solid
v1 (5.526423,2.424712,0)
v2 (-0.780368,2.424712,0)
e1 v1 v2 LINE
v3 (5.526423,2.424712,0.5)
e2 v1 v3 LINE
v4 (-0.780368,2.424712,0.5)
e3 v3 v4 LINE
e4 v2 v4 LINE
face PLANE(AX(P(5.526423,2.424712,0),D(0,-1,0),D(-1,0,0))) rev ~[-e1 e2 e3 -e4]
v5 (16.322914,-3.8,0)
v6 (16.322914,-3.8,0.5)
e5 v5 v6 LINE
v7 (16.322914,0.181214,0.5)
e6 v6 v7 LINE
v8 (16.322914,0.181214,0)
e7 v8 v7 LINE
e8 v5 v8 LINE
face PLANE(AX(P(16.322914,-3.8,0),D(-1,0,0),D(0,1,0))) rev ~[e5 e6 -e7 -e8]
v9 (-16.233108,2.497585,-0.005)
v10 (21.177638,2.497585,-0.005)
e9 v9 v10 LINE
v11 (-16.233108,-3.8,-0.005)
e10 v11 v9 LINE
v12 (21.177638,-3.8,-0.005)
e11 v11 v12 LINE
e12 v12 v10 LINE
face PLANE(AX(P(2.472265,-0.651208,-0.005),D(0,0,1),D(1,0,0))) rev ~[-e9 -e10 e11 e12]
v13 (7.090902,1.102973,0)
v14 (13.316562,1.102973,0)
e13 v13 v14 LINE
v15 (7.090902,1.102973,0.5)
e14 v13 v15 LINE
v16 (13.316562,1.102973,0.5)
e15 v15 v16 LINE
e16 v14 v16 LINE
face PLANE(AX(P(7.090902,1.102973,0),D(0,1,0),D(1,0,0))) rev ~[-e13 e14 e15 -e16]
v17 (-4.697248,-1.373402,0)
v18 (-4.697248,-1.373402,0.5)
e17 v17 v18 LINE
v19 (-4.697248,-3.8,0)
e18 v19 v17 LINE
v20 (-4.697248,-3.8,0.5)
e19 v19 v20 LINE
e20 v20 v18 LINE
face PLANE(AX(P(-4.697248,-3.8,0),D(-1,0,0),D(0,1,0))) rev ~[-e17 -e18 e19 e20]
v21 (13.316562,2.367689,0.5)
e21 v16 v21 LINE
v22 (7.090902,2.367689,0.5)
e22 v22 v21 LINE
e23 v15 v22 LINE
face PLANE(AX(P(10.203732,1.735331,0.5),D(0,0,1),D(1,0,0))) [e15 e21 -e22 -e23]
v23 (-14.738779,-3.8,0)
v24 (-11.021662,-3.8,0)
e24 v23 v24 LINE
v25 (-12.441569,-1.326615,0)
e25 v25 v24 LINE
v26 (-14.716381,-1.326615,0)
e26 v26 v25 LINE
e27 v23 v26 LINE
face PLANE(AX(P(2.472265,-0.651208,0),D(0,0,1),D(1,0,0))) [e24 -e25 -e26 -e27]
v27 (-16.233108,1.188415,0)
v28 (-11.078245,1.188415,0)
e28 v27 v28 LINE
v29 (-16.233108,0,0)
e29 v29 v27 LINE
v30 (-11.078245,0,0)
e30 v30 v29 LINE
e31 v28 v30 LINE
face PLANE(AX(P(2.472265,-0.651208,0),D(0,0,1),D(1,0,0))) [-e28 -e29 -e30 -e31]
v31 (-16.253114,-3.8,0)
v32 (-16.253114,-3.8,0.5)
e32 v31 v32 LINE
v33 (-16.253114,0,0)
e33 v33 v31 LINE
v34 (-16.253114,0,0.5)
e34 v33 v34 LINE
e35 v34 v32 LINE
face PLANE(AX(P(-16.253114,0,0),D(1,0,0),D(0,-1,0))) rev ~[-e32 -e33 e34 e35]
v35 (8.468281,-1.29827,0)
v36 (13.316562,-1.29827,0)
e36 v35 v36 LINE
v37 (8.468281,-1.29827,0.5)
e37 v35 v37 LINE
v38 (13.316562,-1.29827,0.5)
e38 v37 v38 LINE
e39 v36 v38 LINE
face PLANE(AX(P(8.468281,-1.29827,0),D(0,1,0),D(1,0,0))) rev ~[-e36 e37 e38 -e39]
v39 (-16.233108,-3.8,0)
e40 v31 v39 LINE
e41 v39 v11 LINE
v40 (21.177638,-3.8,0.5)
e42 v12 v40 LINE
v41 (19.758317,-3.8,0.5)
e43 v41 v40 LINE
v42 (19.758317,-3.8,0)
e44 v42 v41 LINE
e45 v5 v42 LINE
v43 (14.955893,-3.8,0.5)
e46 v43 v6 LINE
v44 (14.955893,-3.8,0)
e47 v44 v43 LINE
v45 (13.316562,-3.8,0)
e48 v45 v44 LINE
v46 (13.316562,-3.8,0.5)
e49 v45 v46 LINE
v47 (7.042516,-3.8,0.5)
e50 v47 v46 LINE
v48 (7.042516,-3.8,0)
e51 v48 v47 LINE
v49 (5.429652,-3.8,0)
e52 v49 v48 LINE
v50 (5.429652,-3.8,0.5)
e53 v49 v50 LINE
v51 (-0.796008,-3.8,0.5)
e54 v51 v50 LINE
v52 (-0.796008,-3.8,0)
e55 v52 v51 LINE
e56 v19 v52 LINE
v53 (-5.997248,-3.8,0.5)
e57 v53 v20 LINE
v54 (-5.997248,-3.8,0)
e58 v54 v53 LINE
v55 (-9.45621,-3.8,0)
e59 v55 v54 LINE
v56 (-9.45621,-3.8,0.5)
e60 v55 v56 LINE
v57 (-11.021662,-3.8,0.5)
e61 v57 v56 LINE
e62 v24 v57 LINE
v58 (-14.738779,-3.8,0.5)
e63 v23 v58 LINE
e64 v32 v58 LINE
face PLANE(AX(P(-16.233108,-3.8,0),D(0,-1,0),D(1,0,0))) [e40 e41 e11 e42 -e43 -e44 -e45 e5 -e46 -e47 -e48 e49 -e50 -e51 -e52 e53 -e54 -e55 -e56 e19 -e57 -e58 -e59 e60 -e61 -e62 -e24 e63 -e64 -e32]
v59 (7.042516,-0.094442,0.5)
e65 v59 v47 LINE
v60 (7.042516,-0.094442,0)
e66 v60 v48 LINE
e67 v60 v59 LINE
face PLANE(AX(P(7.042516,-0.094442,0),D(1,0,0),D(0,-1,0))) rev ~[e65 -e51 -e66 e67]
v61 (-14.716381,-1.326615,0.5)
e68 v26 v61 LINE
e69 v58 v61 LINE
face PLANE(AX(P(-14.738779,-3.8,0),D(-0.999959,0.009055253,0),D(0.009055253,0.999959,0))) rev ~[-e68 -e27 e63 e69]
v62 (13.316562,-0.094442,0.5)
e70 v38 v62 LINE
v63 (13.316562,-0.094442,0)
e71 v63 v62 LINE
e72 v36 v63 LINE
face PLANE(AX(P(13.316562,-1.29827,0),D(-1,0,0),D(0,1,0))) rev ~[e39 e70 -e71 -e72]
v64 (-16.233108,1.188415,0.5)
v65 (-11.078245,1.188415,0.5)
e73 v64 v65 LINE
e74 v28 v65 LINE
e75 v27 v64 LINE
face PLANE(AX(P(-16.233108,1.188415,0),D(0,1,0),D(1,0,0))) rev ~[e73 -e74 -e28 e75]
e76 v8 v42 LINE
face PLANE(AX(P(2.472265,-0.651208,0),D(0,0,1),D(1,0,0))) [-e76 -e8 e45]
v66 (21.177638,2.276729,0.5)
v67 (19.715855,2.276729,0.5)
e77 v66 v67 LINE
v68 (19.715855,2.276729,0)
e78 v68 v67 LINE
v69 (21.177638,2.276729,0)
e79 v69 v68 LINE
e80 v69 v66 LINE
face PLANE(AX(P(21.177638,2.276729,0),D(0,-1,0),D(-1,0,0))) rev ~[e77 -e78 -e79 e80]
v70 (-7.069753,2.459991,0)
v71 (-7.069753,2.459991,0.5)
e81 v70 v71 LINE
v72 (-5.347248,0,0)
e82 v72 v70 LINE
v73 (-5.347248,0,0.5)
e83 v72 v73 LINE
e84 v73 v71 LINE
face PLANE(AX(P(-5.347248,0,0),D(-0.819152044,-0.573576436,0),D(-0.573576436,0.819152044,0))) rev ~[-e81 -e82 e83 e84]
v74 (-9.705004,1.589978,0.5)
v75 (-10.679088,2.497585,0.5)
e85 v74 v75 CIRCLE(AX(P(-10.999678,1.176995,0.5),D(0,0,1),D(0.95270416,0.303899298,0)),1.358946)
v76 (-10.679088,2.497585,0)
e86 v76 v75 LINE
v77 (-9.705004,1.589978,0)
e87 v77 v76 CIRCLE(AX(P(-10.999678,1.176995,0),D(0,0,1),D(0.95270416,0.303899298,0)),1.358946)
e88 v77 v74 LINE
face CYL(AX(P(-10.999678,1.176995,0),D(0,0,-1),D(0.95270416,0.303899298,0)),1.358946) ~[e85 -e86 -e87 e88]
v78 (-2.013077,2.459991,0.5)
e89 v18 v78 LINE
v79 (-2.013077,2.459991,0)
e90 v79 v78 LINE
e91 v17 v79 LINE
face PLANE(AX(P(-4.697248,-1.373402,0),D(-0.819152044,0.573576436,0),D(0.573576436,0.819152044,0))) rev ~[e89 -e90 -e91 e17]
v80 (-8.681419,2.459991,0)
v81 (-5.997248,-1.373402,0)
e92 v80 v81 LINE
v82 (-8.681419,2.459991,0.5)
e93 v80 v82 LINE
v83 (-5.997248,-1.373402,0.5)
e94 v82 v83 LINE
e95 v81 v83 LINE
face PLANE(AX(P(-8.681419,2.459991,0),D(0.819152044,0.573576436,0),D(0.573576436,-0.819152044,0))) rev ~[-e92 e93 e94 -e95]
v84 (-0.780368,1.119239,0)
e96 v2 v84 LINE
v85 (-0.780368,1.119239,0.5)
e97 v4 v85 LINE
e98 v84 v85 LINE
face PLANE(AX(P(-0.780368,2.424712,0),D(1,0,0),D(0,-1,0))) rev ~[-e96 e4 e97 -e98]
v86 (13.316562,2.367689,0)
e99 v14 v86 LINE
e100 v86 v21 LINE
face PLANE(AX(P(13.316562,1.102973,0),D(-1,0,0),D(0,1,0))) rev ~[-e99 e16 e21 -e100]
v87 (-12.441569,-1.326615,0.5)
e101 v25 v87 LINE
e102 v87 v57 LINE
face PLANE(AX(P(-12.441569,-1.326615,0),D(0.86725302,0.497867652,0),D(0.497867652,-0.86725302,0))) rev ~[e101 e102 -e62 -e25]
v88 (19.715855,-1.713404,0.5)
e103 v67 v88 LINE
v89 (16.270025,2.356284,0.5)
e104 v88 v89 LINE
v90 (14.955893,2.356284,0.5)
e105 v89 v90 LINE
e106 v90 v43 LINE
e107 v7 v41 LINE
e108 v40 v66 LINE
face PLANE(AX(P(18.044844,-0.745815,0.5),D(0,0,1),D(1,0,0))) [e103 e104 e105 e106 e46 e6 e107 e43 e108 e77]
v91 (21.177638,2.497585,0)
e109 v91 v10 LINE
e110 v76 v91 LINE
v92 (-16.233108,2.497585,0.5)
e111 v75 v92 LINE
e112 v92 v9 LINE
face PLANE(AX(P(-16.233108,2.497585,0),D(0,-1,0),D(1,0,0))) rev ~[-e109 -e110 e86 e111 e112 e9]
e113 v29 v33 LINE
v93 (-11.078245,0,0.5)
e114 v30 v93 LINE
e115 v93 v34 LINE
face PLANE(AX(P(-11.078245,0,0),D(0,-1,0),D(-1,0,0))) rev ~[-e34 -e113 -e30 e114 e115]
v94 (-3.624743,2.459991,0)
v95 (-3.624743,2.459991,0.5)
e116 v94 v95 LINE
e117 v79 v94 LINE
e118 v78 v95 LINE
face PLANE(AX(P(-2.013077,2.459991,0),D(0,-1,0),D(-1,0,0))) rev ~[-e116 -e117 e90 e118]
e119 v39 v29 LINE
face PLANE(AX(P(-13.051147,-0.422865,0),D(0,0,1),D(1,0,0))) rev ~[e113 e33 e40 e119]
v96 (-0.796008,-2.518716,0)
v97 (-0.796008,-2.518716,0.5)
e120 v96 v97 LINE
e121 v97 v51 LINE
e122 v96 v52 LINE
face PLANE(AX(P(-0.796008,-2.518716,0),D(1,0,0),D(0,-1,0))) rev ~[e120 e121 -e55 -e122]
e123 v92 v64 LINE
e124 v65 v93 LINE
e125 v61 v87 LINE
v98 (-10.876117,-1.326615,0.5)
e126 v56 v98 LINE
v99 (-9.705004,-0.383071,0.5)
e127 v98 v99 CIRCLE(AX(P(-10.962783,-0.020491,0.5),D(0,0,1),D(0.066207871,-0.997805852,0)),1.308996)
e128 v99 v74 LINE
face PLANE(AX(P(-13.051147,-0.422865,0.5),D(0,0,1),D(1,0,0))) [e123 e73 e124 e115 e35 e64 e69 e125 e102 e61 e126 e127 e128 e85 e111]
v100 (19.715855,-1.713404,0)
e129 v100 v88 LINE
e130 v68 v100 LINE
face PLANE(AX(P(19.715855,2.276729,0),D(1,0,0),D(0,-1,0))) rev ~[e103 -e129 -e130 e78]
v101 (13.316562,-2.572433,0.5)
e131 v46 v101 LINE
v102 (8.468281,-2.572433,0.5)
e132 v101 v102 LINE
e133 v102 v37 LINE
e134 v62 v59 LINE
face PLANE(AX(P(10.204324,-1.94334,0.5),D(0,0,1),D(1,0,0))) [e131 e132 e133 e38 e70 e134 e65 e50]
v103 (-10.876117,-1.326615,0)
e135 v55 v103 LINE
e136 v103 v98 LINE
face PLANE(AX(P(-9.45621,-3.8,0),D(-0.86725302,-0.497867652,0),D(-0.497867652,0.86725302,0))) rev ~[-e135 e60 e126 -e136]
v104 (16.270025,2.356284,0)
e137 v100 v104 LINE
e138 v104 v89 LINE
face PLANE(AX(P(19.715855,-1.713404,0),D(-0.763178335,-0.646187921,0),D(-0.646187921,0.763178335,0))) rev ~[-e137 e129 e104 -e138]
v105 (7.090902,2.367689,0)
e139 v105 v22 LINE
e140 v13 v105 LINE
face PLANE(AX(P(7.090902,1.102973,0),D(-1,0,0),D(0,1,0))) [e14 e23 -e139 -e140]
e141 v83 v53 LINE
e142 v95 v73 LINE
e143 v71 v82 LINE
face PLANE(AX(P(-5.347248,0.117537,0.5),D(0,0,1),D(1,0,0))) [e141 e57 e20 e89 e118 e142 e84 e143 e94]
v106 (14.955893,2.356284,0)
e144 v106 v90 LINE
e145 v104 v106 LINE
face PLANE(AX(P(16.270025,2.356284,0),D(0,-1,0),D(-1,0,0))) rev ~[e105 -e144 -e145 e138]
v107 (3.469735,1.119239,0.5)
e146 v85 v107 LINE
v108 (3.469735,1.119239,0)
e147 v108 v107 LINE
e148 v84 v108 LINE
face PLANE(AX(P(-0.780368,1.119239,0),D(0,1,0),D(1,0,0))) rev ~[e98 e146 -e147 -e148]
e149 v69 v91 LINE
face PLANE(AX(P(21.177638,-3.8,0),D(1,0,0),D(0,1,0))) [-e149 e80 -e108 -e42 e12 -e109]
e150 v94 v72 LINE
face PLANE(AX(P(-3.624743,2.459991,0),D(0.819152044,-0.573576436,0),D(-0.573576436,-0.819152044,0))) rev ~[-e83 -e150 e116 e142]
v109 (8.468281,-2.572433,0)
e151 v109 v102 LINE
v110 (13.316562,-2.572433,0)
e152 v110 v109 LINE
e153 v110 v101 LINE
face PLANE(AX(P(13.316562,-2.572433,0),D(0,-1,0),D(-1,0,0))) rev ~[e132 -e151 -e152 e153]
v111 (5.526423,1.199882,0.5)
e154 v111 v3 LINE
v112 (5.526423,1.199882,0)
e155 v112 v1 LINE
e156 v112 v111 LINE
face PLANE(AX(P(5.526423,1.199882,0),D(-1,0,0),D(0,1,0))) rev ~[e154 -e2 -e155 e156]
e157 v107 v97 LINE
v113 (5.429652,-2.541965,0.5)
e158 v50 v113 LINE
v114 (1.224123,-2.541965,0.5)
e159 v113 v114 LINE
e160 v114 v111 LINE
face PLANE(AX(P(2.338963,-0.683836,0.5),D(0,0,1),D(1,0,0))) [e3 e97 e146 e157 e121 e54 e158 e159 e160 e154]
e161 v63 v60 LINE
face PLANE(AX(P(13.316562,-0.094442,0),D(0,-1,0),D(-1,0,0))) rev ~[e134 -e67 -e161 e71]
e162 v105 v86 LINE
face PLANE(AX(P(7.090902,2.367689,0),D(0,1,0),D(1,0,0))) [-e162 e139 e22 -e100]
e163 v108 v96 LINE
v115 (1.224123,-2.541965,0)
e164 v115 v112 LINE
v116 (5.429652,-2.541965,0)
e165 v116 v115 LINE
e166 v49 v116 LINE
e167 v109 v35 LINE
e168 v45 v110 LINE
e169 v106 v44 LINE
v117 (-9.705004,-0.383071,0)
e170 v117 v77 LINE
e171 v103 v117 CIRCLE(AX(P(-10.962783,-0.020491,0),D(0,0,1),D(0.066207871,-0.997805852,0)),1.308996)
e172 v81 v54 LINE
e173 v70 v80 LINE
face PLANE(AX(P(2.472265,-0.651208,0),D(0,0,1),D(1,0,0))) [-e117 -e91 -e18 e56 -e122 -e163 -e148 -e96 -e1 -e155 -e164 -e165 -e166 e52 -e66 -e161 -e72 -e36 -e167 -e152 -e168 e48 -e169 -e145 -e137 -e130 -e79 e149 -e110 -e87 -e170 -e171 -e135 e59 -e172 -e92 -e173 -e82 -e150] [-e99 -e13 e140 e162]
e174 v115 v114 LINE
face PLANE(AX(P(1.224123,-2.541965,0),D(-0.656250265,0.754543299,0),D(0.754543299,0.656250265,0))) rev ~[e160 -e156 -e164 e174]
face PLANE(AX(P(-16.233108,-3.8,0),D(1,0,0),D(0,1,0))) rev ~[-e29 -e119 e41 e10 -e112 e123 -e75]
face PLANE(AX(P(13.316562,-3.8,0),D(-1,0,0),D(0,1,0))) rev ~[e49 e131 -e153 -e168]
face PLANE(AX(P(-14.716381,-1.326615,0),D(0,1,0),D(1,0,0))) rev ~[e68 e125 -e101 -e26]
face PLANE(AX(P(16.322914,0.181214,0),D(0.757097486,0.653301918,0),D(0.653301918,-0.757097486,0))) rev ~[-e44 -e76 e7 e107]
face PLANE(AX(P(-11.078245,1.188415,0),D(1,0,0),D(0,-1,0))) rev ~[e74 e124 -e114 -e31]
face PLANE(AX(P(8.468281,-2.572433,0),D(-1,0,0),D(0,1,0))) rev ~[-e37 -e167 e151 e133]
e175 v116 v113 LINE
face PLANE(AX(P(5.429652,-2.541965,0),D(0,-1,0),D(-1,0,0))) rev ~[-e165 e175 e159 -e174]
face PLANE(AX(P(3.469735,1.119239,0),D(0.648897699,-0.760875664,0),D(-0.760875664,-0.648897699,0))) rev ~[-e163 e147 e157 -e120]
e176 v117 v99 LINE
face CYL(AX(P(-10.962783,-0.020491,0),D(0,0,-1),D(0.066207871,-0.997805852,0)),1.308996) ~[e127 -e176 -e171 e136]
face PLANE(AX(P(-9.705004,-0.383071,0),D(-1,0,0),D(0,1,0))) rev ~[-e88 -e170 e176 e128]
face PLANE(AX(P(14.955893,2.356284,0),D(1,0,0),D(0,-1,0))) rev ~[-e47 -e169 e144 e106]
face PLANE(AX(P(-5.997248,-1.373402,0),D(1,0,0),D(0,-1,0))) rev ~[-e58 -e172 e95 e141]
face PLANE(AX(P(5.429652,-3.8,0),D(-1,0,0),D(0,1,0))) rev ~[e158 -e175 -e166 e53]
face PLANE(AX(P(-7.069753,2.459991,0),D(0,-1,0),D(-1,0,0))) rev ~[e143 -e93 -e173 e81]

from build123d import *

# Parameters (mm, degrees)
F4_DEPTH = 1
F3_W     = 12.4513199553
F3_H     = 2.5294316001
F5_W     = 74.8214920866
F5_H     = 12.595169118
F6_DEPTH = 0.01
F7_SCALE = 0.5


with BuildPart() as f4:
    # F3 (on Top) → F4 (new body)
    with BuildSketch(Plane.XY):
        with BuildLine():
            Line((-32.5062275336, -7.6), (-29.4775575647, -7.6))
            Line((-29.4775575647, -7.6), (-29.4327614695, -2.6532297294))
            Line((-29.4327614695, -2.6532297294), (-24.8831383838, -2.6532297294))
            Line((-24.8831383838, -2.6532297294), (-22.0433248124, -7.6))
            Line((-22.0433248124, -7.6), (-18.9124204973, -7.6))
            Line((-18.9124204973, -7.6), (-21.7522340687, -2.6532297294))
            ThreePointArc((-21.7522340687, -2.6532297294), (-20.2830658587, -2.0796278446), (-19.4100086076, -0.7661418768))
            Line((-19.4100086076, -0.7661418768), (-19.4100086076, 3.1799558435))
            ThreePointArc((-19.4100086076, 3.1799558435), (-20.1465672733, 4.3424852653), (-21.3581765803, 4.995169118))
            Line((-21.3581765803, 4.995169118), (-32.4662169309, 4.995169118))
            Line((-32.4662169309, 4.995169118), (-32.4662169309, 2.3768300461))
            Line((-32.4662169309, 2.3768300461), (-22.156490013, 2.3768300461))
            Line((-22.156490013, 2.3768300461), (-22.156490013, 0))
            Line((-22.156490013, 0), (-32.5062275336, 0))
            Line((-32.5062275336, 0), (-32.5062275336, -7.6))
        make_face()
    extrude(amount=F4_DEPTH)



with BuildPart() as f4b:
    # F3 (on Top) → F4, piece 2 (new body)
    with BuildSketch(Plane.XY):
        Polygon((-14.1395051198, 4.9199829809), (-17.3628383068, 4.9199829809), (-11.9944959487, -2.7468044573), (-11.9944959487, -7.6), (-9.3944959487, -7.6), (-9.3944959487, -2.7468044573), (-4.0261535905, 4.9199829809), (-7.2494867775, 4.9199829809), (-10.6944959487, 0), align=None)
    extrude(amount=F4_DEPTH)


with BuildPart() as f4c:
    # F3 (on Top) → F4, piece 3 (new body)
    with BuildSketch(Plane.XY):
        Polygon((-1.5607364842, 4.8494239393), (-1.5607364842, 2.2384772427), (6.939469985, 2.2384772427), (-1.5920158667, -5.0374310329), (-1.5920158667, -7.6), (10.8593031573, -7.6), (10.8593031573, -5.0839300849), (2.4482466872, -5.0839300849), (11.0528468894, 2.399763919), (11.0528468894, 4.8494239393), align=None)
    extrude(amount=F4_DEPTH)


with BuildPart() as f4d:
    # F3 (on Top) → F4, piece 4 (new body)
    with BuildSketch(Plane.XY):
        with Locations((20.4074648017, 3.4706616363)):
            Rectangle(F3_W, F3_H)
    extrude(amount=F4_DEPTH)


with BuildPart() as f4e:
    # F3 (on Top) → F4, piece 5 (new body)
    with BuildSketch(Plane.XY):
        Polygon((14.0850310954, -7.6), (26.6331247794, -7.6), (26.6331247794, -5.1448669866), (16.9365629362, -5.1448669866), (16.9365629362, -2.5965400156), (26.6331247794, -2.5965400156), (26.6331247794, -0.1888843136), (14.0850310954, -0.1888843136), align=None)
    extrude(amount=F4_DEPTH)


with BuildPart() as f4f:
    # F3 (on Top) → F4, piece 6 (new body)
    with BuildSketch(Plane.XY):
        Polygon((29.911786692, -7.6), (32.6458275334, -7.6), (32.6458275334, 0.3624289589), (39.5166337506, -7.6), (42.3552751557, -7.6), (42.3552751557, 4.5534580069), (39.4317097559, 4.5534580069), (39.4317097559, -3.4268074825), (32.5400491226, 4.7125679496), (29.911786692, 4.7125679496), align=None)
    extrude(amount=F4_DEPTH)


with BuildPart() as f4_1:
    add(f4.part)

    add(f4b.part)  # F6 merges F4b

    add(f4c.part)  # F6 merges F4c

    add(f4d.part)  # F6 merges F4d

    add(f4e.part)  # F6 merges F4e

    add(f4f.part)  # F6 merges F4f
    # F5 (on Top) → F6 (join)
    with BuildSketch(Plane.XY):
        with Locations((4.9445291124, -1.302415441)):
            Rectangle(F5_W, F5_H)
    extrude(amount=-F6_DEPTH)


with BuildPart() as f4_2:
    # F7: moved
    add(f4_1.part.scale(F7_SCALE))


solid = f4_2.part
